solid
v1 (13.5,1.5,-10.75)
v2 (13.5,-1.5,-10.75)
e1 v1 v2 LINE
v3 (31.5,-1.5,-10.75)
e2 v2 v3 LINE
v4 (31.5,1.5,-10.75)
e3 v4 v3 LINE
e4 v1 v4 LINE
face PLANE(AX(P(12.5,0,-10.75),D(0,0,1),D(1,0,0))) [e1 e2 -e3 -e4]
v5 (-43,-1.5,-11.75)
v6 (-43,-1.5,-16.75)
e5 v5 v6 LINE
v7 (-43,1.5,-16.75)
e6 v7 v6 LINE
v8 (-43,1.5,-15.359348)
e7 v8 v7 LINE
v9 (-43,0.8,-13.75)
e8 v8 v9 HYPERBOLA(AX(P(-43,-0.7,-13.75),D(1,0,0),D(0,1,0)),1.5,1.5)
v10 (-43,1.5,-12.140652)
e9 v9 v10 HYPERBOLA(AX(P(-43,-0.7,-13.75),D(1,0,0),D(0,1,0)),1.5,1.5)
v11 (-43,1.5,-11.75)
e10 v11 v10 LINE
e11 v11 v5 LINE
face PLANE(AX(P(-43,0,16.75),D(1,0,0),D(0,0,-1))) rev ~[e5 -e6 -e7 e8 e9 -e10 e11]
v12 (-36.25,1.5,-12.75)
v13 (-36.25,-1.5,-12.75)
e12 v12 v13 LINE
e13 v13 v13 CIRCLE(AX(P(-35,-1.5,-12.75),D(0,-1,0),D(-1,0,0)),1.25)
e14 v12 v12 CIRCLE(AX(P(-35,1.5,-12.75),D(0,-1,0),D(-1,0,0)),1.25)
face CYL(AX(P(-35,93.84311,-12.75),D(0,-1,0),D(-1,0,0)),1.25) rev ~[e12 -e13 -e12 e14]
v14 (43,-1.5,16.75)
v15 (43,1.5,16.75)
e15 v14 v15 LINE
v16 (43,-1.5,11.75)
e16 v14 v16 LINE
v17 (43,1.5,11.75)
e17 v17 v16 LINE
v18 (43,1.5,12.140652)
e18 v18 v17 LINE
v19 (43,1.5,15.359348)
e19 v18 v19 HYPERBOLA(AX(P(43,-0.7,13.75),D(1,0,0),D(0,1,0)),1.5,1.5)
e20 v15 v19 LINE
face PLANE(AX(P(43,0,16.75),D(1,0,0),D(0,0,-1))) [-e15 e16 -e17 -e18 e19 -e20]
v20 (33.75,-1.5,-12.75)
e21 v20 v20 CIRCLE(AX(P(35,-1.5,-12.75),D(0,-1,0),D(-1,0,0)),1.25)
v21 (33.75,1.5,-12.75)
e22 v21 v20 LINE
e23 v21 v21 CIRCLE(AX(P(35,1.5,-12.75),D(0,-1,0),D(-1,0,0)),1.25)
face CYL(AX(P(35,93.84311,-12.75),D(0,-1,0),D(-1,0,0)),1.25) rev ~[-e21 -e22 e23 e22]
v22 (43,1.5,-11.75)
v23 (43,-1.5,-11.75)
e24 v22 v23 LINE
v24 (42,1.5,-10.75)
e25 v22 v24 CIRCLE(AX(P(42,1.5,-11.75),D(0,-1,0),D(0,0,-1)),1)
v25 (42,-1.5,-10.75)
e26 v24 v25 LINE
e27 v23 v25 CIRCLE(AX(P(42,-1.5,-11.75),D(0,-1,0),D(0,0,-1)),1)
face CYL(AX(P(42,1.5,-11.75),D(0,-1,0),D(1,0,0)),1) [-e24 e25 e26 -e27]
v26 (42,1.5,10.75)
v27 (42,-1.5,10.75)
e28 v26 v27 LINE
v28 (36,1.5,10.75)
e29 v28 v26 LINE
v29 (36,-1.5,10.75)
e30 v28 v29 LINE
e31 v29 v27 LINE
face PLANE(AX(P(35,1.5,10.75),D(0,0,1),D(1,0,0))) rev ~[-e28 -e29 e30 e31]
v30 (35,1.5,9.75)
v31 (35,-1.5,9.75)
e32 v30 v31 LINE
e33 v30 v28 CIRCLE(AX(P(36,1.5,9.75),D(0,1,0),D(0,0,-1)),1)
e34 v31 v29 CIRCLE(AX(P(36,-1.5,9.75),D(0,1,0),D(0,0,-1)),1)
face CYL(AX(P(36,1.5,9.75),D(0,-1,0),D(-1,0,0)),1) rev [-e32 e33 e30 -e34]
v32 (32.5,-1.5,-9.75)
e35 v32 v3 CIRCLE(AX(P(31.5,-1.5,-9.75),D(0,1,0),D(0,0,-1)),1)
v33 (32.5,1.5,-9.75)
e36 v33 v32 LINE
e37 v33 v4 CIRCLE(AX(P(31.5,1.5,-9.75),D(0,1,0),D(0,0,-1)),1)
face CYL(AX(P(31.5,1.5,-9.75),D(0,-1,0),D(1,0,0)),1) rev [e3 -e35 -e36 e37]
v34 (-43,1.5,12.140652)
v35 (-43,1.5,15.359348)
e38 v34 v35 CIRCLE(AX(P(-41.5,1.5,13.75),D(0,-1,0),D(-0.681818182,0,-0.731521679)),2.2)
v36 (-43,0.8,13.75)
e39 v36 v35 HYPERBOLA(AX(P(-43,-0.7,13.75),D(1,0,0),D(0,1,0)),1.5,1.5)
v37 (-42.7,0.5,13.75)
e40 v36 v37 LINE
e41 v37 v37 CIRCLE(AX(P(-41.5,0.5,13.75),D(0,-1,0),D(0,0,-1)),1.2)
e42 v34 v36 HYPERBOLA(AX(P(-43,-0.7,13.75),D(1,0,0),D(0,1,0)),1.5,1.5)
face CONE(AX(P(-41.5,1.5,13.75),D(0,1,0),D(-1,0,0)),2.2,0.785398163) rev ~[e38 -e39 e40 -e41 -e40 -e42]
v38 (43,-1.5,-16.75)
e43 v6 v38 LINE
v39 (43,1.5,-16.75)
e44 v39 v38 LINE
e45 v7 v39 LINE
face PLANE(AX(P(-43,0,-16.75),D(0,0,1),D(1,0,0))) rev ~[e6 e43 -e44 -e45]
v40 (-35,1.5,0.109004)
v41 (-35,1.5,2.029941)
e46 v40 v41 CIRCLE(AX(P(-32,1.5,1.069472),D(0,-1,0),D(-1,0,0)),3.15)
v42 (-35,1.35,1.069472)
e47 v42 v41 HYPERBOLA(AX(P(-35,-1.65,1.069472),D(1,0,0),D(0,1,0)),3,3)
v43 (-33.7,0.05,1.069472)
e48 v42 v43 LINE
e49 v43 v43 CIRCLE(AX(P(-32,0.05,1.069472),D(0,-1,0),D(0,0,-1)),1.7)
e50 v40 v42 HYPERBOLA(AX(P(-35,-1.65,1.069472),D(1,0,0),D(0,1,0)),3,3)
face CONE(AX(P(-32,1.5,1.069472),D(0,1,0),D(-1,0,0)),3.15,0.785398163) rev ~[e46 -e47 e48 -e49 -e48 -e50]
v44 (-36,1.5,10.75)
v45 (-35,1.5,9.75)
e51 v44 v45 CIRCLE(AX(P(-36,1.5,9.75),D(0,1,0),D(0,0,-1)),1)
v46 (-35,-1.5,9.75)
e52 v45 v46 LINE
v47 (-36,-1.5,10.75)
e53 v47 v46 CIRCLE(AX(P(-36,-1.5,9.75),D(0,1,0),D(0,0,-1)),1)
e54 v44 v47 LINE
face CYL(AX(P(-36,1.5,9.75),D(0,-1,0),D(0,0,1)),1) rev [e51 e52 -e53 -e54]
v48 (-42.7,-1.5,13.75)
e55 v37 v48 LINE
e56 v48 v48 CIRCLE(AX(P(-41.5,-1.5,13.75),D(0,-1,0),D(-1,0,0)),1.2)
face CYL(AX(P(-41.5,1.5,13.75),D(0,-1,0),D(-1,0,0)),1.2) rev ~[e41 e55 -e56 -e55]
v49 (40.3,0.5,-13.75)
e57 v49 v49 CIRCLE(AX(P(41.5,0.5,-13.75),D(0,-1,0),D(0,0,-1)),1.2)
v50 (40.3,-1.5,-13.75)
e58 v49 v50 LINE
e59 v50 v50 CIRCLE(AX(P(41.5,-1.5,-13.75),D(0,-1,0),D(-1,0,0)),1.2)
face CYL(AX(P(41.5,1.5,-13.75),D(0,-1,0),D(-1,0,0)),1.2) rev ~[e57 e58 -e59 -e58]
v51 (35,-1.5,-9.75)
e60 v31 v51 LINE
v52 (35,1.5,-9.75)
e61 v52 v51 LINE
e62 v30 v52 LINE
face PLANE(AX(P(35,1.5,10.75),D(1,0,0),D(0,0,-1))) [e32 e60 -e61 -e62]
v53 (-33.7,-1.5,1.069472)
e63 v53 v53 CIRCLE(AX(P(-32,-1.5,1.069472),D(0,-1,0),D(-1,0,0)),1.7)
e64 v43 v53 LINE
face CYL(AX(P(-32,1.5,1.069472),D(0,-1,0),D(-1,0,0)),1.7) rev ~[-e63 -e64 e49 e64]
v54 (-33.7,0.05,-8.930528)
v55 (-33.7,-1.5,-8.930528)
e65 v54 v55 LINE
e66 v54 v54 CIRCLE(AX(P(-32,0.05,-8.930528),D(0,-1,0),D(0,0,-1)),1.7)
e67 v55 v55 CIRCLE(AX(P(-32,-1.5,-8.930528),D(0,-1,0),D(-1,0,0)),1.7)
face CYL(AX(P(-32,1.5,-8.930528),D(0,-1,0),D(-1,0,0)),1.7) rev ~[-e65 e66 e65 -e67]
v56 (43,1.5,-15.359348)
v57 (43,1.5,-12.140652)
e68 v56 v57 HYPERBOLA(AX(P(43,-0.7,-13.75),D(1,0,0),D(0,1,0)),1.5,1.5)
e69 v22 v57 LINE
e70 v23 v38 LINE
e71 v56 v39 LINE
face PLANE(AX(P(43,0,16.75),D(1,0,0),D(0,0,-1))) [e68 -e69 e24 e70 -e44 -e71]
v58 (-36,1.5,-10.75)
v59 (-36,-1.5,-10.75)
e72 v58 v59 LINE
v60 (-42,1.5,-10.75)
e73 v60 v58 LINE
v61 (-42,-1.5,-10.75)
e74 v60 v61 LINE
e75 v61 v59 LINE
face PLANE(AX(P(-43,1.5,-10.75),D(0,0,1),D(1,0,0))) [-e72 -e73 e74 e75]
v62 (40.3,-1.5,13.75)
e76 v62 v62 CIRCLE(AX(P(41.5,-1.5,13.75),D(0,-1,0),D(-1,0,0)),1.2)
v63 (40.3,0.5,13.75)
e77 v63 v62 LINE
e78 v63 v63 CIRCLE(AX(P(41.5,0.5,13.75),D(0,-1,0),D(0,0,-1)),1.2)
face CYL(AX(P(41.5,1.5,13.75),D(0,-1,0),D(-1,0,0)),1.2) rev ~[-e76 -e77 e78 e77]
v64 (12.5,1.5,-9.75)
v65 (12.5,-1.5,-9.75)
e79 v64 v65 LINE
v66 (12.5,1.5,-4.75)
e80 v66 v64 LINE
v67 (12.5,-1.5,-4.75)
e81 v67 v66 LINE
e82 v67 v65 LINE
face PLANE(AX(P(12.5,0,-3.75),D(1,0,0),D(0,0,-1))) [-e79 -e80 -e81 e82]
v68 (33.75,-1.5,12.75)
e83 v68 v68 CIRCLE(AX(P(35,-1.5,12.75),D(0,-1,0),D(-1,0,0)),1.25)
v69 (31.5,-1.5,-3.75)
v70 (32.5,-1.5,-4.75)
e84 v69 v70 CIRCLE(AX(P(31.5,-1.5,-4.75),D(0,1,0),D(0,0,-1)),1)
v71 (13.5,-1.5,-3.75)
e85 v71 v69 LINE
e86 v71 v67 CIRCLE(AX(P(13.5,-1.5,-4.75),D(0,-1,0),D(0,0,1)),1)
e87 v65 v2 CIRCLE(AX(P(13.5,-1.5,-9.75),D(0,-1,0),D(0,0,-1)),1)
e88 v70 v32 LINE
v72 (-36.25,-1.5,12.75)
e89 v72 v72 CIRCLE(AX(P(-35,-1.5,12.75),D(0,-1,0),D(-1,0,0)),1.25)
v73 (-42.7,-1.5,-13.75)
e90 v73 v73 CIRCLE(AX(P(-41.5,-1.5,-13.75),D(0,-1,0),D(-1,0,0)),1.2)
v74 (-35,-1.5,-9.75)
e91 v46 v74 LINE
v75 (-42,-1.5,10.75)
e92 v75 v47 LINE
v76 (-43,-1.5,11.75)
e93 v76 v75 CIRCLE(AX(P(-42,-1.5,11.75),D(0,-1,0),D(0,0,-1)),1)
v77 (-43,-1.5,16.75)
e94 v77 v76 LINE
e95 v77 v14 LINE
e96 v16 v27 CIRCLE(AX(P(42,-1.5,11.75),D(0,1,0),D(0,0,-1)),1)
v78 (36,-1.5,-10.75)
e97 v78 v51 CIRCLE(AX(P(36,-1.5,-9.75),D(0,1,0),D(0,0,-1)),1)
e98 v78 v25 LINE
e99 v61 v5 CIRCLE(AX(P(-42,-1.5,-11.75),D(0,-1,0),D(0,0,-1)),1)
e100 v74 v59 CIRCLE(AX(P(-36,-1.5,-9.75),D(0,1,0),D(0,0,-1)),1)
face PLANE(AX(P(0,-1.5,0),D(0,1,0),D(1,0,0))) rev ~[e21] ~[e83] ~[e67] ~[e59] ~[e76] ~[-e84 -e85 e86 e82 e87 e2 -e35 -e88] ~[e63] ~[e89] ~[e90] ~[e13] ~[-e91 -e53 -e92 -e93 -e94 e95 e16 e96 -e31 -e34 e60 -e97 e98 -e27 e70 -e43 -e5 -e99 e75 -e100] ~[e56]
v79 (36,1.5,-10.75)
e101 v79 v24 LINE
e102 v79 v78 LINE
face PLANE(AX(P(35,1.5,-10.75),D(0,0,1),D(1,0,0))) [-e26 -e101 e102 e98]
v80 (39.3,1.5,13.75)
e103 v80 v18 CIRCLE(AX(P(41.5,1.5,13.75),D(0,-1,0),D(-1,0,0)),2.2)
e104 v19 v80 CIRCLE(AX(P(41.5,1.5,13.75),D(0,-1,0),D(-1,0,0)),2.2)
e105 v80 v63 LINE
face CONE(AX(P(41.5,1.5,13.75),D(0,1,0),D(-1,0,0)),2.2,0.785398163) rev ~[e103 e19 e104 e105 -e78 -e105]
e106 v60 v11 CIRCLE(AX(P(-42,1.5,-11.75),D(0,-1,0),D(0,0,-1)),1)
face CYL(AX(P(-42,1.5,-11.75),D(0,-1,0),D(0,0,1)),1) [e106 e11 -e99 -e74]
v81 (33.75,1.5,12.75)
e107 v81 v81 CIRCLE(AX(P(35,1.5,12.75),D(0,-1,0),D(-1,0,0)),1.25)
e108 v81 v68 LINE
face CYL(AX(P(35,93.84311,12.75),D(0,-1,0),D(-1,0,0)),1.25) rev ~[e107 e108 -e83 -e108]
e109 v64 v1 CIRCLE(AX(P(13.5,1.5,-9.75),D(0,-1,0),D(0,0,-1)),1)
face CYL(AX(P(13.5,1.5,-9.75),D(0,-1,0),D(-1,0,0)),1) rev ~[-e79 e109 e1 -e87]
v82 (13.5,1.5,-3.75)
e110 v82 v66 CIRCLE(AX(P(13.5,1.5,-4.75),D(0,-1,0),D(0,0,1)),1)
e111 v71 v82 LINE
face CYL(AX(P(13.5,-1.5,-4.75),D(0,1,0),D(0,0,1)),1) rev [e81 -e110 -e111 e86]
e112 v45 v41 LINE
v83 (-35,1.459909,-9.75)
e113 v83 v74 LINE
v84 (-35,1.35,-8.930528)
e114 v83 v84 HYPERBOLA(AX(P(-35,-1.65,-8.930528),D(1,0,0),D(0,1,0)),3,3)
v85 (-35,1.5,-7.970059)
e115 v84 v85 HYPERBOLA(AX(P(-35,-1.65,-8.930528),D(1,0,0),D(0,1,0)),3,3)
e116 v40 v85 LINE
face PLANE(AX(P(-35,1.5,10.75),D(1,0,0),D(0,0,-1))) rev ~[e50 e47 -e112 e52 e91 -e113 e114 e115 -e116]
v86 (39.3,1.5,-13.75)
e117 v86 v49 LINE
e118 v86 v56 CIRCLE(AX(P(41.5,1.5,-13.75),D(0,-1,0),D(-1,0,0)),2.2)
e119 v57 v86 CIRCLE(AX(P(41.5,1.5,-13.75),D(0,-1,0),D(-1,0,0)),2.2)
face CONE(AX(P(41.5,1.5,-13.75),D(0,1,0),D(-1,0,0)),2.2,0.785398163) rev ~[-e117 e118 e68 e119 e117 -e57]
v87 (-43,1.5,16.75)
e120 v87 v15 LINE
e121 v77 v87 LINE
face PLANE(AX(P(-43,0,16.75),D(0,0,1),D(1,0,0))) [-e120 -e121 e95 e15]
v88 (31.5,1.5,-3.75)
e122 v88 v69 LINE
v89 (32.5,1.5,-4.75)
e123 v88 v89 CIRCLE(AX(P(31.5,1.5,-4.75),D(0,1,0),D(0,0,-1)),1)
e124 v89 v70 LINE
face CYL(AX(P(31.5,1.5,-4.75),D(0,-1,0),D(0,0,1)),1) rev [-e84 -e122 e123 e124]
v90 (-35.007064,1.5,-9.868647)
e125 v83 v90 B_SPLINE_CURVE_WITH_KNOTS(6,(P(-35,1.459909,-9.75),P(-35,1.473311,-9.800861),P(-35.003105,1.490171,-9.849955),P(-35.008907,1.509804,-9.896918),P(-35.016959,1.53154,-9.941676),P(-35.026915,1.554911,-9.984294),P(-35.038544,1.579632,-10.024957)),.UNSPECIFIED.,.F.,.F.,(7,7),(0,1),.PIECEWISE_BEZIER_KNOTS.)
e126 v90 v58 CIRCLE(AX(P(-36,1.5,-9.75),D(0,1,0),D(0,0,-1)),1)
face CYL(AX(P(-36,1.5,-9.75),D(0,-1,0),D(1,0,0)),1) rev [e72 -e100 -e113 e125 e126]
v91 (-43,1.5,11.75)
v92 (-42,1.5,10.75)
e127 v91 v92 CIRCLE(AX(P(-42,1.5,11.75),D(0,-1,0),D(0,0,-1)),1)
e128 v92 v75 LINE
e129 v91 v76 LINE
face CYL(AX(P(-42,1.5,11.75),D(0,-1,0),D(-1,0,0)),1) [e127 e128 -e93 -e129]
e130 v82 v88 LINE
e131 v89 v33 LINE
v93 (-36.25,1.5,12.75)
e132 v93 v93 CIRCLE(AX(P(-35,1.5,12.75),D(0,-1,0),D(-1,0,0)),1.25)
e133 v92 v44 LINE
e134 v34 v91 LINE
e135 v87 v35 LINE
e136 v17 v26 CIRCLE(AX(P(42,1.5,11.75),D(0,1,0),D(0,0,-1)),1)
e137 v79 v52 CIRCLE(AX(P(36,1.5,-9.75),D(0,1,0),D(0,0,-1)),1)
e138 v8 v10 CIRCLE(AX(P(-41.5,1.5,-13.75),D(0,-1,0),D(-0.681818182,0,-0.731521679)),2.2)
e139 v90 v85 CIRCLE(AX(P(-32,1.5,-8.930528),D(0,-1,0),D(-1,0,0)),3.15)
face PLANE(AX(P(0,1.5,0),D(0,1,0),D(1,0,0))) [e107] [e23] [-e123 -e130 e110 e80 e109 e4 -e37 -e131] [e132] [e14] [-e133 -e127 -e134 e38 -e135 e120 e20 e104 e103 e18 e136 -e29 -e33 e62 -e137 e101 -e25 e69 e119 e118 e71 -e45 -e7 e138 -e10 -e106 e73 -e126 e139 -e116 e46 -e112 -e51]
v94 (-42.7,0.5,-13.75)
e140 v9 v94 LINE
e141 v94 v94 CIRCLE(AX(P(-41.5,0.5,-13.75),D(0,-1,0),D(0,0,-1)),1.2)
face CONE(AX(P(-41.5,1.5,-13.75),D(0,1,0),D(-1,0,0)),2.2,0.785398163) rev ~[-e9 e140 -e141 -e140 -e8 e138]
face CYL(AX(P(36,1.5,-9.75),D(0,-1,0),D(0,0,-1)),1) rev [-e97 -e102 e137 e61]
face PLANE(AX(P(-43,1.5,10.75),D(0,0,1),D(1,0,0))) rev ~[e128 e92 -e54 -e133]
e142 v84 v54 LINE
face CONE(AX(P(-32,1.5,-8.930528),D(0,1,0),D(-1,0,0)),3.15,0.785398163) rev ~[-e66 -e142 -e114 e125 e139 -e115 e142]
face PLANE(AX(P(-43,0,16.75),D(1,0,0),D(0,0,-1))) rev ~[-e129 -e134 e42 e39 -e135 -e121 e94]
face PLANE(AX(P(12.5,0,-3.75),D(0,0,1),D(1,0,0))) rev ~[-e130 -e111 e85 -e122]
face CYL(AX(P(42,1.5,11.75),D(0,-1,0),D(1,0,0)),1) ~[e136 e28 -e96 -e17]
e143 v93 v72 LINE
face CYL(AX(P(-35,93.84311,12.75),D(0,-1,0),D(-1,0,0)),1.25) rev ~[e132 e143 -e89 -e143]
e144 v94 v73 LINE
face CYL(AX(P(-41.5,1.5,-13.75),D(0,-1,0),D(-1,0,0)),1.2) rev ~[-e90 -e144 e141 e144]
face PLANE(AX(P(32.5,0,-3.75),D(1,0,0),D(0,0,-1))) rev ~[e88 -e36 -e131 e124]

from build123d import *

# Parameters (mm, degrees)
SKETCH1_W                                           = 86
SKETCH1_H                                           = 33.5
SKETCH1_W_2                                         = 20
SKETCH1_H_2                                         = 7
BOSS_EXTRUDE1_DEPTH                                 = 1.5
CSK_FOR_M3_COUNTERSUNK_FLAT_HEAD_SCREW1_D           = 3.4
CSK_FOR_M3_COUNTERSUNK_FLAT_HEAD_SCREW1_DEPTH       = 6
CSK_FOR_M3_COUNTERSUNK_FLAT_HEAD_SCREW1_CSINK_D     = 6.3
CSK_FOR_M3_COUNTERSUNK_FLAT_HEAD_SCREW1_CSINK_ANGLE = 90
CSK_FOR_M3_COUNTERSUNK_FLAT_HEAD_SCREW1_TIP         = 1.021463052
TAP_DRILL_FOR_M3_TAP1_D                             = 2.5
SKETCH13_W                                          = 3.5
SKETCH13_H                                          = 18
CUT_EXTRUDE3_DEPTH                                  = 48.943325917
CSK_FOR_M2_COUNTERSUNK_FLAT_HEAD_SCREW3_D           = 2.4
CSK_FOR_M2_COUNTERSUNK_FLAT_HEAD_SCREW3_DEPTH       = 4
CSK_FOR_M2_COUNTERSUNK_FLAT_HEAD_SCREW3_CSINK_D     = 4.4
CSK_FOR_M2_COUNTERSUNK_FLAT_HEAD_SCREW3_CSINK_ANGLE = 90
CSK_FOR_M2_COUNTERSUNK_FLAT_HEAD_SCREW3_TIP         = 0.721032743
SKETCH21_W                                          = 8
SKETCH21_H                                          = 21.5
CUT_EXTRUDE4_DEPTH                                  = 47.244594279
FILLET2_R                                           = 1


with BuildPart() as part:
    # Sketch1 → Boss-Extrude1 (new, symmetric)
    with BuildSketch(Plane(origin=(0, 0, 0), x_dir=(1, 0, 0), z_dir=(0, 1, 0))):
        Rectangle(SKETCH1_W, SKETCH1_H)
        with Locations((22.5, 7.25)):
            Rectangle(SKETCH1_W_2, SKETCH1_H_2, mode=Mode.SUBTRACT)
    extrude(amount=BOSS_EXTRUDE1_DEPTH, both=True)

    # CSK for M3 Countersunk Flat Head Screw1
    with Locations(Plane(origin=(0, 1.5, 0), x_dir=(1, 0, 0), z_dir=(0, 1, 0))):
        with Locations((-32, 8.93052757), (-32, -1.06947243)):
            CounterSinkHole(CSK_FOR_M3_COUNTERSUNK_FLAT_HEAD_SCREW1_D / 2, CSK_FOR_M3_COUNTERSUNK_FLAT_HEAD_SCREW1_CSINK_D / 2, depth=CSK_FOR_M3_COUNTERSUNK_FLAT_HEAD_SCREW1_DEPTH, counter_sink_angle=CSK_FOR_M3_COUNTERSUNK_FLAT_HEAD_SCREW1_CSINK_ANGLE)
            with Locations((0, 0, -(CSK_FOR_M3_COUNTERSUNK_FLAT_HEAD_SCREW1_DEPTH + CSK_FOR_M3_COUNTERSUNK_FLAT_HEAD_SCREW1_TIP / 2))):  # 118° drill point
                Cone(0, CSK_FOR_M3_COUNTERSUNK_FLAT_HEAD_SCREW1_D / 2, CSK_FOR_M3_COUNTERSUNK_FLAT_HEAD_SCREW1_TIP, mode=Mode.SUBTRACT)

    # Tap Drill for M3 Tap1 (through all)
    with Locations(Plane(origin=(0, 1.5, 0), x_dir=(1, 0, 0), z_dir=(0, 1, 0))):
        with Locations((-35, 12.75), (-35, -12.75), (35, -12.75), (35, 12.75)):
            Hole(TAP_DRILL_FOR_M3_TAP1_D / 2)

    # Sketch13 → Cut-Extrude3 (cut, through all)
    with BuildSketch(Plane.XZ.offset(11.5)):
        with Locations((-38.25, -0.25)):
            Rectangle(SKETCH13_W, SKETCH13_H)
    extrude(amount=-CUT_EXTRUDE3_DEPTH, mode=Mode.SUBTRACT)

    # CSK for M2 Countersunk Flat Head Screw3
    with Locations(Plane(origin=(0, 1.5, 0), x_dir=(1, 0, 0), z_dir=(0, 1, 0))):
        with Locations((-41.5, -13.75), (-41.5, 13.75), (41.5, 13.75), (41.5, -13.75)):
            CounterSinkHole(CSK_FOR_M2_COUNTERSUNK_FLAT_HEAD_SCREW3_D / 2, CSK_FOR_M2_COUNTERSUNK_FLAT_HEAD_SCREW3_CSINK_D / 2, depth=CSK_FOR_M2_COUNTERSUNK_FLAT_HEAD_SCREW3_DEPTH, counter_sink_angle=CSK_FOR_M2_COUNTERSUNK_FLAT_HEAD_SCREW3_CSINK_ANGLE)
            with Locations((0, 0, -(CSK_FOR_M2_COUNTERSUNK_FLAT_HEAD_SCREW3_DEPTH + CSK_FOR_M2_COUNTERSUNK_FLAT_HEAD_SCREW3_TIP / 2))):  # 118° drill point
                Cone(0, CSK_FOR_M2_COUNTERSUNK_FLAT_HEAD_SCREW3_D / 2, CSK_FOR_M2_COUNTERSUNK_FLAT_HEAD_SCREW3_TIP, mode=Mode.SUBTRACT)

    # Sketch21 → Cut-Extrude4 (cut, through all)
    with BuildSketch(Plane(origin=(0, 1.5, 0), x_dir=(1, 0, 0), z_dir=(0, 1, 0))):
        with Locations((-39, 0)):
            Rectangle(SKETCH21_W, SKETCH21_H)
        with Locations((39, 0)):
            Rectangle(SKETCH21_W, SKETCH21_H)
    extrude(amount=-CUT_EXTRUDE4_DEPTH, mode=Mode.SUBTRACT)

    # Fillet2
    fillet2_edges = [part.edges().sort_by_distance(p)[0] for p in [
        (35, 0, 10.75),
        (43, 0, 10.75),
        (43, 0, -10.75),
        (35, 0, -10.75),
        (-43, 0, 10.75),
        (-35, 0, 10.75),
        (-43, 0, -10.75),
        (-35, 0, -10.75),
        (12.5, 0, -3.75),
        (32.5, 0, -3.75),
        (32.5, 0, -10.75),
        (12.5, 0, -10.75),
    ]]
    fillet(fillet2_edges, radius=FILLET2_R)


solid = part.part
